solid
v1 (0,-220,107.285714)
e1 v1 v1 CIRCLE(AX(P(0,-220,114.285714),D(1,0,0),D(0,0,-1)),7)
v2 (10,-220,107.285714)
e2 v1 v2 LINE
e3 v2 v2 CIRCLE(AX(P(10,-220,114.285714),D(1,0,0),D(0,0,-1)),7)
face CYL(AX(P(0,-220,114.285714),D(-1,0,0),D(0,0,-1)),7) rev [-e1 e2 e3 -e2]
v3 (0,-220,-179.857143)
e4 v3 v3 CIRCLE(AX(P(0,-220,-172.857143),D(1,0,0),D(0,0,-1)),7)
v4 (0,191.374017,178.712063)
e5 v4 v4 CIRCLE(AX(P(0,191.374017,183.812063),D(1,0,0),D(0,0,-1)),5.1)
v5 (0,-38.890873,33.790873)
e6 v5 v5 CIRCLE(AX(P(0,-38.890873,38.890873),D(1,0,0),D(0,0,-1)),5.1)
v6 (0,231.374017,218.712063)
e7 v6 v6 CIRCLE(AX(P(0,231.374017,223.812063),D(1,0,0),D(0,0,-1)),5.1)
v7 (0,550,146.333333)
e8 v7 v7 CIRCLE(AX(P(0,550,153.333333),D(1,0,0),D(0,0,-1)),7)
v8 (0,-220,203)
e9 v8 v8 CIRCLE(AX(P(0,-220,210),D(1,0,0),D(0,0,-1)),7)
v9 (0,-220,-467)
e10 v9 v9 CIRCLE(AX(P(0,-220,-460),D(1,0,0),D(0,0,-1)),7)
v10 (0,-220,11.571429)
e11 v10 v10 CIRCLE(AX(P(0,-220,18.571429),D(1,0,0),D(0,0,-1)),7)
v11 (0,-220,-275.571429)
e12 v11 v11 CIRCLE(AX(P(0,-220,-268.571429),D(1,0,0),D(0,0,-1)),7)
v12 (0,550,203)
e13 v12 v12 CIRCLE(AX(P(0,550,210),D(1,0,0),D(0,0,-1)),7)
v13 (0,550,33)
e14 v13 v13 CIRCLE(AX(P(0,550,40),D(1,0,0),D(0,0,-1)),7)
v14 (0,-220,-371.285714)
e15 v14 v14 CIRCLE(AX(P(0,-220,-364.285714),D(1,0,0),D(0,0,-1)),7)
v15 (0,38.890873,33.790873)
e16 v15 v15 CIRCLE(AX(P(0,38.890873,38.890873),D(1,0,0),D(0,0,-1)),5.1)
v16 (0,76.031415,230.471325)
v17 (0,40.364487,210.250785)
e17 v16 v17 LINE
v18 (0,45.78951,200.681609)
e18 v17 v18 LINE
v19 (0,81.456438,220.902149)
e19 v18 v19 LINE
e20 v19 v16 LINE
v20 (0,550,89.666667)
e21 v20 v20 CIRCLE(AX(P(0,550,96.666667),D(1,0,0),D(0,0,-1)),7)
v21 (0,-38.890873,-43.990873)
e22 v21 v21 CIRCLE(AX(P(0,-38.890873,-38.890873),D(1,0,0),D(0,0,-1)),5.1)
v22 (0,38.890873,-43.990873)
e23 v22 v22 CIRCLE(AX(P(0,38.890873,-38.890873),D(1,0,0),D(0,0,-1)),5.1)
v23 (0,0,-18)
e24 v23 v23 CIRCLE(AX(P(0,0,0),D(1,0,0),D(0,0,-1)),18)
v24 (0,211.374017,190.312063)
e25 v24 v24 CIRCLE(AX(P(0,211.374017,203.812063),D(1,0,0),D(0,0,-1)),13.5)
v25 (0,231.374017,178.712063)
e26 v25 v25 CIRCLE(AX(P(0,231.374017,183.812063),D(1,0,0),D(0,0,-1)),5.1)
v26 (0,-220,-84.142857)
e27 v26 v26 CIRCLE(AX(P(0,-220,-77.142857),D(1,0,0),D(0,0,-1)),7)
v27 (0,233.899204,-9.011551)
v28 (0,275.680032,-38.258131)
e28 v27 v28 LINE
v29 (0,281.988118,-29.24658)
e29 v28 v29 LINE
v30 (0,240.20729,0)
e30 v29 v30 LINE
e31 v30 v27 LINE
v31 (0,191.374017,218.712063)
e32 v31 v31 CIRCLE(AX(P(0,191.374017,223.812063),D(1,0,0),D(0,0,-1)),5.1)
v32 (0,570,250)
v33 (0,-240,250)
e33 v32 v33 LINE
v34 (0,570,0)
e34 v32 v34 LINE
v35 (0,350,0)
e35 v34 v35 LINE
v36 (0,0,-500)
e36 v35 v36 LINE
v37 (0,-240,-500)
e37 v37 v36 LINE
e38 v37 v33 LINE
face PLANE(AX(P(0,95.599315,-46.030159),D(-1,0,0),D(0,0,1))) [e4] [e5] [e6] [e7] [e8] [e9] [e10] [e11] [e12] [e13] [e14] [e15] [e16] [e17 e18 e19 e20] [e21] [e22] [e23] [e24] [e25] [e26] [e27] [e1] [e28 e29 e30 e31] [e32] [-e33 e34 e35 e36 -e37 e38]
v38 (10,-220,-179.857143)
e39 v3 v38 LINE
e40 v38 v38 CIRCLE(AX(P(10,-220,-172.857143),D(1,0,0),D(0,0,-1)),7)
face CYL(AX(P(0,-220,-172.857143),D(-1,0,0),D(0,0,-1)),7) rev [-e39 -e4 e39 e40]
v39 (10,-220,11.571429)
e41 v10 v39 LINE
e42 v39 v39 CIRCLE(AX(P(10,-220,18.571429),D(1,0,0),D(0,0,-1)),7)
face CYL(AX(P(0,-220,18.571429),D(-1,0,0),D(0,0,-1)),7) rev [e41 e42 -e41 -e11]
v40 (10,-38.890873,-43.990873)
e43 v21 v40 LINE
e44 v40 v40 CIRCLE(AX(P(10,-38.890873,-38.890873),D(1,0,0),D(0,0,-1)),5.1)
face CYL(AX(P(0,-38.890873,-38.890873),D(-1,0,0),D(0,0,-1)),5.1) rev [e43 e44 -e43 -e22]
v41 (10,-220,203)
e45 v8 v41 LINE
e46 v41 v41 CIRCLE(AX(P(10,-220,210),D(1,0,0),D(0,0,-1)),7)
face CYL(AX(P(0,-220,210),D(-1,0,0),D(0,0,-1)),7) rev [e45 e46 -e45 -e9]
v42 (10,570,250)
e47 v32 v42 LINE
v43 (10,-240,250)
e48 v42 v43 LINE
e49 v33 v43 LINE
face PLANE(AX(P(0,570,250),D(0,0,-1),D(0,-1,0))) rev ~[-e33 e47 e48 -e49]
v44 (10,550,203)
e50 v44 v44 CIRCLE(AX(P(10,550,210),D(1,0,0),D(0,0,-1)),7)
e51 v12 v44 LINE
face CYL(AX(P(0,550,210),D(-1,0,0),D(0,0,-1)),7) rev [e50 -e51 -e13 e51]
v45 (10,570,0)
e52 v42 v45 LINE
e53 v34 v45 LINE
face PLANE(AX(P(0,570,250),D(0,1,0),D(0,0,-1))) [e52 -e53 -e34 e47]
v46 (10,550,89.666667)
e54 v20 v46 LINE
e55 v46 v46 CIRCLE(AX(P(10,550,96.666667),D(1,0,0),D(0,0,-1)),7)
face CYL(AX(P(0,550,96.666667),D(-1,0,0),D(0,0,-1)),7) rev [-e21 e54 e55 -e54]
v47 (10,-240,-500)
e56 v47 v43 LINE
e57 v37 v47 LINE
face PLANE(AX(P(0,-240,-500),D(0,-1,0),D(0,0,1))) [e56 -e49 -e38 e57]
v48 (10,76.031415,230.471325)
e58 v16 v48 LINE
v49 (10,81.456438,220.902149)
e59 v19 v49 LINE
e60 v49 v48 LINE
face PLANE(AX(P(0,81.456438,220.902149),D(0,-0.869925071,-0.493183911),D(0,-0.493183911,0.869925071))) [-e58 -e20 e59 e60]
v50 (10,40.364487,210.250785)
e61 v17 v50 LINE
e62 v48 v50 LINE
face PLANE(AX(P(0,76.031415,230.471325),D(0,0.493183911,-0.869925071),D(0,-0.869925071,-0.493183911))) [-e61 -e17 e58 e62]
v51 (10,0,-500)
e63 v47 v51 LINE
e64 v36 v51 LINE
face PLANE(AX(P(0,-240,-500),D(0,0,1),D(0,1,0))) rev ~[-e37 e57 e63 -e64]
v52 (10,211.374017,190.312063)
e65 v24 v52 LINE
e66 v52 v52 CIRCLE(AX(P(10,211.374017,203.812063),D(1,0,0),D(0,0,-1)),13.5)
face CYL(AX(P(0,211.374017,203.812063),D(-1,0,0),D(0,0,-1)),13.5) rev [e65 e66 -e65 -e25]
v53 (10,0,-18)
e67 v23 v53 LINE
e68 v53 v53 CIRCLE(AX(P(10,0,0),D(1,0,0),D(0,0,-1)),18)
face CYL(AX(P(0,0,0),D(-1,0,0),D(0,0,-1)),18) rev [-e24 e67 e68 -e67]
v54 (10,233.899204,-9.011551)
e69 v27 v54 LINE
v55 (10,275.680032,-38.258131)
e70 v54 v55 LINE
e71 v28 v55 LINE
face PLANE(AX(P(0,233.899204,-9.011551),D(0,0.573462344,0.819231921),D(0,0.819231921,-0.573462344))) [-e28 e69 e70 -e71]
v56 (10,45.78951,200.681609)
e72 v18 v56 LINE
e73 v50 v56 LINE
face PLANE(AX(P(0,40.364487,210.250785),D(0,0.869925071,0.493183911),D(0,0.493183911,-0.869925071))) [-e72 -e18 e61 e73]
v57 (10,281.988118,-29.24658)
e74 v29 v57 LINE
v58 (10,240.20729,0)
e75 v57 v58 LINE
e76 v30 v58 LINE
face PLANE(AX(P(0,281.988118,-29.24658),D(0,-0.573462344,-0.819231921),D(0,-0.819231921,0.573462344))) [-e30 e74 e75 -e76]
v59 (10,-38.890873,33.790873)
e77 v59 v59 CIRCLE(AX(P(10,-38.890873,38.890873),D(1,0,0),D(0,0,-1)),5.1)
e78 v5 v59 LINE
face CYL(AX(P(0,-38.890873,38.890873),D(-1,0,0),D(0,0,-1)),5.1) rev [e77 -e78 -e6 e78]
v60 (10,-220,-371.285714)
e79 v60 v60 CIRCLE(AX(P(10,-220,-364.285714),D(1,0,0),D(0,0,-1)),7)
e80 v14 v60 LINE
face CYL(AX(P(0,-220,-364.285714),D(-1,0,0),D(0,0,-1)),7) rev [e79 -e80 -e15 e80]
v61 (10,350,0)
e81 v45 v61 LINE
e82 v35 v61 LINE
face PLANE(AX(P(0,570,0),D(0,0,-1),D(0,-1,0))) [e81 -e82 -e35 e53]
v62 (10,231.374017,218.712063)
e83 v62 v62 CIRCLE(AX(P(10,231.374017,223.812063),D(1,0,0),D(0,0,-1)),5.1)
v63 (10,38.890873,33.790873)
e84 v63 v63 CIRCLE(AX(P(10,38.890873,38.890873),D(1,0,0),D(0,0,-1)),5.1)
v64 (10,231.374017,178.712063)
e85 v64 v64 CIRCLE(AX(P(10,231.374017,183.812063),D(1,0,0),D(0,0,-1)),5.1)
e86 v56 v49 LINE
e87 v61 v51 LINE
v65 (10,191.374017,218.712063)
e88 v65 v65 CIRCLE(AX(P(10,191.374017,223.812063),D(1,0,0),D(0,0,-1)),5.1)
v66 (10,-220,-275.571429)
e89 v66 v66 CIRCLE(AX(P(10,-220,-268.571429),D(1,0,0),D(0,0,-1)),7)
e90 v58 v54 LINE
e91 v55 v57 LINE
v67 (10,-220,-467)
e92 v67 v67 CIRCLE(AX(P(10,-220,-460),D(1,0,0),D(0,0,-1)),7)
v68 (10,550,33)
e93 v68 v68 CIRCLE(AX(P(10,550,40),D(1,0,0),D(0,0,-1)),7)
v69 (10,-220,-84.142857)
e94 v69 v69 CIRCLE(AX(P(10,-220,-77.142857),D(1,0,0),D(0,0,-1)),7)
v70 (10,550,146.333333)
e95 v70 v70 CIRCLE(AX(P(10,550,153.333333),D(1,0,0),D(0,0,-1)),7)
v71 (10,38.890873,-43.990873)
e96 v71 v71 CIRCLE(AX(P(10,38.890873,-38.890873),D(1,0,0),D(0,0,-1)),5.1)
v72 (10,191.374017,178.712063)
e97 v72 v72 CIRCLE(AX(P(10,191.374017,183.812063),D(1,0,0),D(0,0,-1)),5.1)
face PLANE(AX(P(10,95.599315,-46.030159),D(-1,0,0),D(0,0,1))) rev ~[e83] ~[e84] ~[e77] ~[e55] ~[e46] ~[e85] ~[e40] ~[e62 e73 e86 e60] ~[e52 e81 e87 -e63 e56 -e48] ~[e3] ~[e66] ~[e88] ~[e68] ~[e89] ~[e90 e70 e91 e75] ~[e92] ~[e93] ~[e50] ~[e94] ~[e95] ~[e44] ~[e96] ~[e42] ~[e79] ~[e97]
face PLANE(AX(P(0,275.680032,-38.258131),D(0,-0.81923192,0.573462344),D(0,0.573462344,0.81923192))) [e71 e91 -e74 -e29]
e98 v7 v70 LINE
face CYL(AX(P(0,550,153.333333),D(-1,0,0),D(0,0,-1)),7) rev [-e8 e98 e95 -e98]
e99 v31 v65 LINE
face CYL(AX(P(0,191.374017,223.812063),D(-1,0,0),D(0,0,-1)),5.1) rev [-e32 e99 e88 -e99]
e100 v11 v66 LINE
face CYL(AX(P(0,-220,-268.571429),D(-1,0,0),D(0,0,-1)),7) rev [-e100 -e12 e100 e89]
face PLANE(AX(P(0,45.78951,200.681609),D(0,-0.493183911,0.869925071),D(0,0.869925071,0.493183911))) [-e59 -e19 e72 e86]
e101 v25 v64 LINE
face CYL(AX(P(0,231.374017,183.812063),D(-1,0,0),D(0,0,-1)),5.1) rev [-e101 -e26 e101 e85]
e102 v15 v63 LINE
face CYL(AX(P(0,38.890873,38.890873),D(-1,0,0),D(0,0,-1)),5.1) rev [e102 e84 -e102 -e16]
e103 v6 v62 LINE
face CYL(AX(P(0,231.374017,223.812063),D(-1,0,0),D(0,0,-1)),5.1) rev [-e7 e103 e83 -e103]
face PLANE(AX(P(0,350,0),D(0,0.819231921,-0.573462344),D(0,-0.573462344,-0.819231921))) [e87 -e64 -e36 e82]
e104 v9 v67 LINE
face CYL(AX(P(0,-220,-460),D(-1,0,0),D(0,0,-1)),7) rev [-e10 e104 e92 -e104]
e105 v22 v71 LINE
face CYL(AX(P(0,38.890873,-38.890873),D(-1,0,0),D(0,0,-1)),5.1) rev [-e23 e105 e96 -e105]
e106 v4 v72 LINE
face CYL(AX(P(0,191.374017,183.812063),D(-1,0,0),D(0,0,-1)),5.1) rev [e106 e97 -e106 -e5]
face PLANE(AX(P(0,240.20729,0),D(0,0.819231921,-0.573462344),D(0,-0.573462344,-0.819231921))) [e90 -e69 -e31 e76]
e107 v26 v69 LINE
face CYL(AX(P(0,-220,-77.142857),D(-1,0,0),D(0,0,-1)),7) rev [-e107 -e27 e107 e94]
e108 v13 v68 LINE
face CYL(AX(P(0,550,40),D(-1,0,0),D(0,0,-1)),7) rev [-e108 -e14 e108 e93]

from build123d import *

# Parameters (mm, degrees)
IZIM1_R                     = 13.5
IZIM1_R_2                   = 5.1
IZIM1_R_3                   = 18
IZIM1_R_4                   = 7
Y_KSEKLIK_EKSTR_ZYON1_DEPTH = 10


with BuildPart() as part:
    # Çizim1 → Yükseklik-Ekstrüzyon1 (new body)
    with BuildSketch(Plane(origin=(0, 0, 0), x_dir=(0, 0, -1), z_dir=(1, 0, 0))):
        Polygon((-250, 350), (-250, 570), (0, 570), (0, 350), (500, 0), (500, -200), (500, -240), (-250, -240), (-250, -200), align=None)
        with Locations((-203.812062632, 211.374016696)):
            Circle(IZIM1_R, mode=Mode.SUBTRACT)
        with Locations((-183.812062632, 231.374016696)):
            Circle(IZIM1_R_2, mode=Mode.SUBTRACT)
        with Locations((-223.812062632, 231.374016696)):
            Circle(IZIM1_R_2, mode=Mode.SUBTRACT)
        with Locations((-183.812062632, 191.374016696)):
            Circle(IZIM1_R_2, mode=Mode.SUBTRACT)
        with Locations((-223.812062632, 191.374016696)):
            Circle(IZIM1_R_2, mode=Mode.SUBTRACT)
        Circle(IZIM1_R_3, mode=Mode.SUBTRACT)
        with Locations((-38.890872965, 38.890872965)):
            Circle(IZIM1_R_2, mode=Mode.SUBTRACT)
        with Locations((38.890872965, 38.890872965)):
            Circle(IZIM1_R_2, mode=Mode.SUBTRACT)
        with Locations((38.890872965, -38.890872965)):
            Circle(IZIM1_R_2, mode=Mode.SUBTRACT)
        with Locations((-38.890872965, -38.890872965)):
            Circle(IZIM1_R_2, mode=Mode.SUBTRACT)
        with Locations((-210, 550)):
            Circle(IZIM1_R_4, mode=Mode.SUBTRACT)
        with Locations((-153.333333333, 550)):
            Circle(IZIM1_R_4, mode=Mode.SUBTRACT)
        with Locations((-96.666666667, 550)):
            Circle(IZIM1_R_4, mode=Mode.SUBTRACT)
        with Locations((-40, 550)):
            Circle(IZIM1_R_4, mode=Mode.SUBTRACT)
        with Locations((-210, -220)):
            Circle(IZIM1_R_4, mode=Mode.SUBTRACT)
        with Locations((-114.285714286, -220)):
            Circle(IZIM1_R_4, mode=Mode.SUBTRACT)
        with Locations((-18.571428571, -220)):
            Circle(IZIM1_R_4, mode=Mode.SUBTRACT)
        with Locations((77.142857143, -220)):
            Circle(IZIM1_R_4, mode=Mode.SUBTRACT)
        with Locations((172.857142857, -220)):
            Circle(IZIM1_R_4, mode=Mode.SUBTRACT)
        with Locations((268.571428571, -220)):
            Circle(IZIM1_R_4, mode=Mode.SUBTRACT)
        with Locations((364.285714286, -220)):
            Circle(IZIM1_R_4, mode=Mode.SUBTRACT)
        with Locations((460, -220)):
            Circle(IZIM1_R_4, mode=Mode.SUBTRACT)
        Polygon((29.246579563, 281.988117893), (0, 240.207289947), (9.011551126, 233.899204159), (38.258130688, 275.680032105), align=None, mode=Mode.SUBTRACT)
        Polygon((-200.681608906, 45.789510008), (-220.902149255, 81.456437938), (-230.471325041, 76.031414918), (-210.250784693, 40.364486987), align=None, mode=Mode.SUBTRACT)
    extrude(amount=Y_KSEKLIK_EKSTR_ZYON1_DEPTH)


solid = part.part
